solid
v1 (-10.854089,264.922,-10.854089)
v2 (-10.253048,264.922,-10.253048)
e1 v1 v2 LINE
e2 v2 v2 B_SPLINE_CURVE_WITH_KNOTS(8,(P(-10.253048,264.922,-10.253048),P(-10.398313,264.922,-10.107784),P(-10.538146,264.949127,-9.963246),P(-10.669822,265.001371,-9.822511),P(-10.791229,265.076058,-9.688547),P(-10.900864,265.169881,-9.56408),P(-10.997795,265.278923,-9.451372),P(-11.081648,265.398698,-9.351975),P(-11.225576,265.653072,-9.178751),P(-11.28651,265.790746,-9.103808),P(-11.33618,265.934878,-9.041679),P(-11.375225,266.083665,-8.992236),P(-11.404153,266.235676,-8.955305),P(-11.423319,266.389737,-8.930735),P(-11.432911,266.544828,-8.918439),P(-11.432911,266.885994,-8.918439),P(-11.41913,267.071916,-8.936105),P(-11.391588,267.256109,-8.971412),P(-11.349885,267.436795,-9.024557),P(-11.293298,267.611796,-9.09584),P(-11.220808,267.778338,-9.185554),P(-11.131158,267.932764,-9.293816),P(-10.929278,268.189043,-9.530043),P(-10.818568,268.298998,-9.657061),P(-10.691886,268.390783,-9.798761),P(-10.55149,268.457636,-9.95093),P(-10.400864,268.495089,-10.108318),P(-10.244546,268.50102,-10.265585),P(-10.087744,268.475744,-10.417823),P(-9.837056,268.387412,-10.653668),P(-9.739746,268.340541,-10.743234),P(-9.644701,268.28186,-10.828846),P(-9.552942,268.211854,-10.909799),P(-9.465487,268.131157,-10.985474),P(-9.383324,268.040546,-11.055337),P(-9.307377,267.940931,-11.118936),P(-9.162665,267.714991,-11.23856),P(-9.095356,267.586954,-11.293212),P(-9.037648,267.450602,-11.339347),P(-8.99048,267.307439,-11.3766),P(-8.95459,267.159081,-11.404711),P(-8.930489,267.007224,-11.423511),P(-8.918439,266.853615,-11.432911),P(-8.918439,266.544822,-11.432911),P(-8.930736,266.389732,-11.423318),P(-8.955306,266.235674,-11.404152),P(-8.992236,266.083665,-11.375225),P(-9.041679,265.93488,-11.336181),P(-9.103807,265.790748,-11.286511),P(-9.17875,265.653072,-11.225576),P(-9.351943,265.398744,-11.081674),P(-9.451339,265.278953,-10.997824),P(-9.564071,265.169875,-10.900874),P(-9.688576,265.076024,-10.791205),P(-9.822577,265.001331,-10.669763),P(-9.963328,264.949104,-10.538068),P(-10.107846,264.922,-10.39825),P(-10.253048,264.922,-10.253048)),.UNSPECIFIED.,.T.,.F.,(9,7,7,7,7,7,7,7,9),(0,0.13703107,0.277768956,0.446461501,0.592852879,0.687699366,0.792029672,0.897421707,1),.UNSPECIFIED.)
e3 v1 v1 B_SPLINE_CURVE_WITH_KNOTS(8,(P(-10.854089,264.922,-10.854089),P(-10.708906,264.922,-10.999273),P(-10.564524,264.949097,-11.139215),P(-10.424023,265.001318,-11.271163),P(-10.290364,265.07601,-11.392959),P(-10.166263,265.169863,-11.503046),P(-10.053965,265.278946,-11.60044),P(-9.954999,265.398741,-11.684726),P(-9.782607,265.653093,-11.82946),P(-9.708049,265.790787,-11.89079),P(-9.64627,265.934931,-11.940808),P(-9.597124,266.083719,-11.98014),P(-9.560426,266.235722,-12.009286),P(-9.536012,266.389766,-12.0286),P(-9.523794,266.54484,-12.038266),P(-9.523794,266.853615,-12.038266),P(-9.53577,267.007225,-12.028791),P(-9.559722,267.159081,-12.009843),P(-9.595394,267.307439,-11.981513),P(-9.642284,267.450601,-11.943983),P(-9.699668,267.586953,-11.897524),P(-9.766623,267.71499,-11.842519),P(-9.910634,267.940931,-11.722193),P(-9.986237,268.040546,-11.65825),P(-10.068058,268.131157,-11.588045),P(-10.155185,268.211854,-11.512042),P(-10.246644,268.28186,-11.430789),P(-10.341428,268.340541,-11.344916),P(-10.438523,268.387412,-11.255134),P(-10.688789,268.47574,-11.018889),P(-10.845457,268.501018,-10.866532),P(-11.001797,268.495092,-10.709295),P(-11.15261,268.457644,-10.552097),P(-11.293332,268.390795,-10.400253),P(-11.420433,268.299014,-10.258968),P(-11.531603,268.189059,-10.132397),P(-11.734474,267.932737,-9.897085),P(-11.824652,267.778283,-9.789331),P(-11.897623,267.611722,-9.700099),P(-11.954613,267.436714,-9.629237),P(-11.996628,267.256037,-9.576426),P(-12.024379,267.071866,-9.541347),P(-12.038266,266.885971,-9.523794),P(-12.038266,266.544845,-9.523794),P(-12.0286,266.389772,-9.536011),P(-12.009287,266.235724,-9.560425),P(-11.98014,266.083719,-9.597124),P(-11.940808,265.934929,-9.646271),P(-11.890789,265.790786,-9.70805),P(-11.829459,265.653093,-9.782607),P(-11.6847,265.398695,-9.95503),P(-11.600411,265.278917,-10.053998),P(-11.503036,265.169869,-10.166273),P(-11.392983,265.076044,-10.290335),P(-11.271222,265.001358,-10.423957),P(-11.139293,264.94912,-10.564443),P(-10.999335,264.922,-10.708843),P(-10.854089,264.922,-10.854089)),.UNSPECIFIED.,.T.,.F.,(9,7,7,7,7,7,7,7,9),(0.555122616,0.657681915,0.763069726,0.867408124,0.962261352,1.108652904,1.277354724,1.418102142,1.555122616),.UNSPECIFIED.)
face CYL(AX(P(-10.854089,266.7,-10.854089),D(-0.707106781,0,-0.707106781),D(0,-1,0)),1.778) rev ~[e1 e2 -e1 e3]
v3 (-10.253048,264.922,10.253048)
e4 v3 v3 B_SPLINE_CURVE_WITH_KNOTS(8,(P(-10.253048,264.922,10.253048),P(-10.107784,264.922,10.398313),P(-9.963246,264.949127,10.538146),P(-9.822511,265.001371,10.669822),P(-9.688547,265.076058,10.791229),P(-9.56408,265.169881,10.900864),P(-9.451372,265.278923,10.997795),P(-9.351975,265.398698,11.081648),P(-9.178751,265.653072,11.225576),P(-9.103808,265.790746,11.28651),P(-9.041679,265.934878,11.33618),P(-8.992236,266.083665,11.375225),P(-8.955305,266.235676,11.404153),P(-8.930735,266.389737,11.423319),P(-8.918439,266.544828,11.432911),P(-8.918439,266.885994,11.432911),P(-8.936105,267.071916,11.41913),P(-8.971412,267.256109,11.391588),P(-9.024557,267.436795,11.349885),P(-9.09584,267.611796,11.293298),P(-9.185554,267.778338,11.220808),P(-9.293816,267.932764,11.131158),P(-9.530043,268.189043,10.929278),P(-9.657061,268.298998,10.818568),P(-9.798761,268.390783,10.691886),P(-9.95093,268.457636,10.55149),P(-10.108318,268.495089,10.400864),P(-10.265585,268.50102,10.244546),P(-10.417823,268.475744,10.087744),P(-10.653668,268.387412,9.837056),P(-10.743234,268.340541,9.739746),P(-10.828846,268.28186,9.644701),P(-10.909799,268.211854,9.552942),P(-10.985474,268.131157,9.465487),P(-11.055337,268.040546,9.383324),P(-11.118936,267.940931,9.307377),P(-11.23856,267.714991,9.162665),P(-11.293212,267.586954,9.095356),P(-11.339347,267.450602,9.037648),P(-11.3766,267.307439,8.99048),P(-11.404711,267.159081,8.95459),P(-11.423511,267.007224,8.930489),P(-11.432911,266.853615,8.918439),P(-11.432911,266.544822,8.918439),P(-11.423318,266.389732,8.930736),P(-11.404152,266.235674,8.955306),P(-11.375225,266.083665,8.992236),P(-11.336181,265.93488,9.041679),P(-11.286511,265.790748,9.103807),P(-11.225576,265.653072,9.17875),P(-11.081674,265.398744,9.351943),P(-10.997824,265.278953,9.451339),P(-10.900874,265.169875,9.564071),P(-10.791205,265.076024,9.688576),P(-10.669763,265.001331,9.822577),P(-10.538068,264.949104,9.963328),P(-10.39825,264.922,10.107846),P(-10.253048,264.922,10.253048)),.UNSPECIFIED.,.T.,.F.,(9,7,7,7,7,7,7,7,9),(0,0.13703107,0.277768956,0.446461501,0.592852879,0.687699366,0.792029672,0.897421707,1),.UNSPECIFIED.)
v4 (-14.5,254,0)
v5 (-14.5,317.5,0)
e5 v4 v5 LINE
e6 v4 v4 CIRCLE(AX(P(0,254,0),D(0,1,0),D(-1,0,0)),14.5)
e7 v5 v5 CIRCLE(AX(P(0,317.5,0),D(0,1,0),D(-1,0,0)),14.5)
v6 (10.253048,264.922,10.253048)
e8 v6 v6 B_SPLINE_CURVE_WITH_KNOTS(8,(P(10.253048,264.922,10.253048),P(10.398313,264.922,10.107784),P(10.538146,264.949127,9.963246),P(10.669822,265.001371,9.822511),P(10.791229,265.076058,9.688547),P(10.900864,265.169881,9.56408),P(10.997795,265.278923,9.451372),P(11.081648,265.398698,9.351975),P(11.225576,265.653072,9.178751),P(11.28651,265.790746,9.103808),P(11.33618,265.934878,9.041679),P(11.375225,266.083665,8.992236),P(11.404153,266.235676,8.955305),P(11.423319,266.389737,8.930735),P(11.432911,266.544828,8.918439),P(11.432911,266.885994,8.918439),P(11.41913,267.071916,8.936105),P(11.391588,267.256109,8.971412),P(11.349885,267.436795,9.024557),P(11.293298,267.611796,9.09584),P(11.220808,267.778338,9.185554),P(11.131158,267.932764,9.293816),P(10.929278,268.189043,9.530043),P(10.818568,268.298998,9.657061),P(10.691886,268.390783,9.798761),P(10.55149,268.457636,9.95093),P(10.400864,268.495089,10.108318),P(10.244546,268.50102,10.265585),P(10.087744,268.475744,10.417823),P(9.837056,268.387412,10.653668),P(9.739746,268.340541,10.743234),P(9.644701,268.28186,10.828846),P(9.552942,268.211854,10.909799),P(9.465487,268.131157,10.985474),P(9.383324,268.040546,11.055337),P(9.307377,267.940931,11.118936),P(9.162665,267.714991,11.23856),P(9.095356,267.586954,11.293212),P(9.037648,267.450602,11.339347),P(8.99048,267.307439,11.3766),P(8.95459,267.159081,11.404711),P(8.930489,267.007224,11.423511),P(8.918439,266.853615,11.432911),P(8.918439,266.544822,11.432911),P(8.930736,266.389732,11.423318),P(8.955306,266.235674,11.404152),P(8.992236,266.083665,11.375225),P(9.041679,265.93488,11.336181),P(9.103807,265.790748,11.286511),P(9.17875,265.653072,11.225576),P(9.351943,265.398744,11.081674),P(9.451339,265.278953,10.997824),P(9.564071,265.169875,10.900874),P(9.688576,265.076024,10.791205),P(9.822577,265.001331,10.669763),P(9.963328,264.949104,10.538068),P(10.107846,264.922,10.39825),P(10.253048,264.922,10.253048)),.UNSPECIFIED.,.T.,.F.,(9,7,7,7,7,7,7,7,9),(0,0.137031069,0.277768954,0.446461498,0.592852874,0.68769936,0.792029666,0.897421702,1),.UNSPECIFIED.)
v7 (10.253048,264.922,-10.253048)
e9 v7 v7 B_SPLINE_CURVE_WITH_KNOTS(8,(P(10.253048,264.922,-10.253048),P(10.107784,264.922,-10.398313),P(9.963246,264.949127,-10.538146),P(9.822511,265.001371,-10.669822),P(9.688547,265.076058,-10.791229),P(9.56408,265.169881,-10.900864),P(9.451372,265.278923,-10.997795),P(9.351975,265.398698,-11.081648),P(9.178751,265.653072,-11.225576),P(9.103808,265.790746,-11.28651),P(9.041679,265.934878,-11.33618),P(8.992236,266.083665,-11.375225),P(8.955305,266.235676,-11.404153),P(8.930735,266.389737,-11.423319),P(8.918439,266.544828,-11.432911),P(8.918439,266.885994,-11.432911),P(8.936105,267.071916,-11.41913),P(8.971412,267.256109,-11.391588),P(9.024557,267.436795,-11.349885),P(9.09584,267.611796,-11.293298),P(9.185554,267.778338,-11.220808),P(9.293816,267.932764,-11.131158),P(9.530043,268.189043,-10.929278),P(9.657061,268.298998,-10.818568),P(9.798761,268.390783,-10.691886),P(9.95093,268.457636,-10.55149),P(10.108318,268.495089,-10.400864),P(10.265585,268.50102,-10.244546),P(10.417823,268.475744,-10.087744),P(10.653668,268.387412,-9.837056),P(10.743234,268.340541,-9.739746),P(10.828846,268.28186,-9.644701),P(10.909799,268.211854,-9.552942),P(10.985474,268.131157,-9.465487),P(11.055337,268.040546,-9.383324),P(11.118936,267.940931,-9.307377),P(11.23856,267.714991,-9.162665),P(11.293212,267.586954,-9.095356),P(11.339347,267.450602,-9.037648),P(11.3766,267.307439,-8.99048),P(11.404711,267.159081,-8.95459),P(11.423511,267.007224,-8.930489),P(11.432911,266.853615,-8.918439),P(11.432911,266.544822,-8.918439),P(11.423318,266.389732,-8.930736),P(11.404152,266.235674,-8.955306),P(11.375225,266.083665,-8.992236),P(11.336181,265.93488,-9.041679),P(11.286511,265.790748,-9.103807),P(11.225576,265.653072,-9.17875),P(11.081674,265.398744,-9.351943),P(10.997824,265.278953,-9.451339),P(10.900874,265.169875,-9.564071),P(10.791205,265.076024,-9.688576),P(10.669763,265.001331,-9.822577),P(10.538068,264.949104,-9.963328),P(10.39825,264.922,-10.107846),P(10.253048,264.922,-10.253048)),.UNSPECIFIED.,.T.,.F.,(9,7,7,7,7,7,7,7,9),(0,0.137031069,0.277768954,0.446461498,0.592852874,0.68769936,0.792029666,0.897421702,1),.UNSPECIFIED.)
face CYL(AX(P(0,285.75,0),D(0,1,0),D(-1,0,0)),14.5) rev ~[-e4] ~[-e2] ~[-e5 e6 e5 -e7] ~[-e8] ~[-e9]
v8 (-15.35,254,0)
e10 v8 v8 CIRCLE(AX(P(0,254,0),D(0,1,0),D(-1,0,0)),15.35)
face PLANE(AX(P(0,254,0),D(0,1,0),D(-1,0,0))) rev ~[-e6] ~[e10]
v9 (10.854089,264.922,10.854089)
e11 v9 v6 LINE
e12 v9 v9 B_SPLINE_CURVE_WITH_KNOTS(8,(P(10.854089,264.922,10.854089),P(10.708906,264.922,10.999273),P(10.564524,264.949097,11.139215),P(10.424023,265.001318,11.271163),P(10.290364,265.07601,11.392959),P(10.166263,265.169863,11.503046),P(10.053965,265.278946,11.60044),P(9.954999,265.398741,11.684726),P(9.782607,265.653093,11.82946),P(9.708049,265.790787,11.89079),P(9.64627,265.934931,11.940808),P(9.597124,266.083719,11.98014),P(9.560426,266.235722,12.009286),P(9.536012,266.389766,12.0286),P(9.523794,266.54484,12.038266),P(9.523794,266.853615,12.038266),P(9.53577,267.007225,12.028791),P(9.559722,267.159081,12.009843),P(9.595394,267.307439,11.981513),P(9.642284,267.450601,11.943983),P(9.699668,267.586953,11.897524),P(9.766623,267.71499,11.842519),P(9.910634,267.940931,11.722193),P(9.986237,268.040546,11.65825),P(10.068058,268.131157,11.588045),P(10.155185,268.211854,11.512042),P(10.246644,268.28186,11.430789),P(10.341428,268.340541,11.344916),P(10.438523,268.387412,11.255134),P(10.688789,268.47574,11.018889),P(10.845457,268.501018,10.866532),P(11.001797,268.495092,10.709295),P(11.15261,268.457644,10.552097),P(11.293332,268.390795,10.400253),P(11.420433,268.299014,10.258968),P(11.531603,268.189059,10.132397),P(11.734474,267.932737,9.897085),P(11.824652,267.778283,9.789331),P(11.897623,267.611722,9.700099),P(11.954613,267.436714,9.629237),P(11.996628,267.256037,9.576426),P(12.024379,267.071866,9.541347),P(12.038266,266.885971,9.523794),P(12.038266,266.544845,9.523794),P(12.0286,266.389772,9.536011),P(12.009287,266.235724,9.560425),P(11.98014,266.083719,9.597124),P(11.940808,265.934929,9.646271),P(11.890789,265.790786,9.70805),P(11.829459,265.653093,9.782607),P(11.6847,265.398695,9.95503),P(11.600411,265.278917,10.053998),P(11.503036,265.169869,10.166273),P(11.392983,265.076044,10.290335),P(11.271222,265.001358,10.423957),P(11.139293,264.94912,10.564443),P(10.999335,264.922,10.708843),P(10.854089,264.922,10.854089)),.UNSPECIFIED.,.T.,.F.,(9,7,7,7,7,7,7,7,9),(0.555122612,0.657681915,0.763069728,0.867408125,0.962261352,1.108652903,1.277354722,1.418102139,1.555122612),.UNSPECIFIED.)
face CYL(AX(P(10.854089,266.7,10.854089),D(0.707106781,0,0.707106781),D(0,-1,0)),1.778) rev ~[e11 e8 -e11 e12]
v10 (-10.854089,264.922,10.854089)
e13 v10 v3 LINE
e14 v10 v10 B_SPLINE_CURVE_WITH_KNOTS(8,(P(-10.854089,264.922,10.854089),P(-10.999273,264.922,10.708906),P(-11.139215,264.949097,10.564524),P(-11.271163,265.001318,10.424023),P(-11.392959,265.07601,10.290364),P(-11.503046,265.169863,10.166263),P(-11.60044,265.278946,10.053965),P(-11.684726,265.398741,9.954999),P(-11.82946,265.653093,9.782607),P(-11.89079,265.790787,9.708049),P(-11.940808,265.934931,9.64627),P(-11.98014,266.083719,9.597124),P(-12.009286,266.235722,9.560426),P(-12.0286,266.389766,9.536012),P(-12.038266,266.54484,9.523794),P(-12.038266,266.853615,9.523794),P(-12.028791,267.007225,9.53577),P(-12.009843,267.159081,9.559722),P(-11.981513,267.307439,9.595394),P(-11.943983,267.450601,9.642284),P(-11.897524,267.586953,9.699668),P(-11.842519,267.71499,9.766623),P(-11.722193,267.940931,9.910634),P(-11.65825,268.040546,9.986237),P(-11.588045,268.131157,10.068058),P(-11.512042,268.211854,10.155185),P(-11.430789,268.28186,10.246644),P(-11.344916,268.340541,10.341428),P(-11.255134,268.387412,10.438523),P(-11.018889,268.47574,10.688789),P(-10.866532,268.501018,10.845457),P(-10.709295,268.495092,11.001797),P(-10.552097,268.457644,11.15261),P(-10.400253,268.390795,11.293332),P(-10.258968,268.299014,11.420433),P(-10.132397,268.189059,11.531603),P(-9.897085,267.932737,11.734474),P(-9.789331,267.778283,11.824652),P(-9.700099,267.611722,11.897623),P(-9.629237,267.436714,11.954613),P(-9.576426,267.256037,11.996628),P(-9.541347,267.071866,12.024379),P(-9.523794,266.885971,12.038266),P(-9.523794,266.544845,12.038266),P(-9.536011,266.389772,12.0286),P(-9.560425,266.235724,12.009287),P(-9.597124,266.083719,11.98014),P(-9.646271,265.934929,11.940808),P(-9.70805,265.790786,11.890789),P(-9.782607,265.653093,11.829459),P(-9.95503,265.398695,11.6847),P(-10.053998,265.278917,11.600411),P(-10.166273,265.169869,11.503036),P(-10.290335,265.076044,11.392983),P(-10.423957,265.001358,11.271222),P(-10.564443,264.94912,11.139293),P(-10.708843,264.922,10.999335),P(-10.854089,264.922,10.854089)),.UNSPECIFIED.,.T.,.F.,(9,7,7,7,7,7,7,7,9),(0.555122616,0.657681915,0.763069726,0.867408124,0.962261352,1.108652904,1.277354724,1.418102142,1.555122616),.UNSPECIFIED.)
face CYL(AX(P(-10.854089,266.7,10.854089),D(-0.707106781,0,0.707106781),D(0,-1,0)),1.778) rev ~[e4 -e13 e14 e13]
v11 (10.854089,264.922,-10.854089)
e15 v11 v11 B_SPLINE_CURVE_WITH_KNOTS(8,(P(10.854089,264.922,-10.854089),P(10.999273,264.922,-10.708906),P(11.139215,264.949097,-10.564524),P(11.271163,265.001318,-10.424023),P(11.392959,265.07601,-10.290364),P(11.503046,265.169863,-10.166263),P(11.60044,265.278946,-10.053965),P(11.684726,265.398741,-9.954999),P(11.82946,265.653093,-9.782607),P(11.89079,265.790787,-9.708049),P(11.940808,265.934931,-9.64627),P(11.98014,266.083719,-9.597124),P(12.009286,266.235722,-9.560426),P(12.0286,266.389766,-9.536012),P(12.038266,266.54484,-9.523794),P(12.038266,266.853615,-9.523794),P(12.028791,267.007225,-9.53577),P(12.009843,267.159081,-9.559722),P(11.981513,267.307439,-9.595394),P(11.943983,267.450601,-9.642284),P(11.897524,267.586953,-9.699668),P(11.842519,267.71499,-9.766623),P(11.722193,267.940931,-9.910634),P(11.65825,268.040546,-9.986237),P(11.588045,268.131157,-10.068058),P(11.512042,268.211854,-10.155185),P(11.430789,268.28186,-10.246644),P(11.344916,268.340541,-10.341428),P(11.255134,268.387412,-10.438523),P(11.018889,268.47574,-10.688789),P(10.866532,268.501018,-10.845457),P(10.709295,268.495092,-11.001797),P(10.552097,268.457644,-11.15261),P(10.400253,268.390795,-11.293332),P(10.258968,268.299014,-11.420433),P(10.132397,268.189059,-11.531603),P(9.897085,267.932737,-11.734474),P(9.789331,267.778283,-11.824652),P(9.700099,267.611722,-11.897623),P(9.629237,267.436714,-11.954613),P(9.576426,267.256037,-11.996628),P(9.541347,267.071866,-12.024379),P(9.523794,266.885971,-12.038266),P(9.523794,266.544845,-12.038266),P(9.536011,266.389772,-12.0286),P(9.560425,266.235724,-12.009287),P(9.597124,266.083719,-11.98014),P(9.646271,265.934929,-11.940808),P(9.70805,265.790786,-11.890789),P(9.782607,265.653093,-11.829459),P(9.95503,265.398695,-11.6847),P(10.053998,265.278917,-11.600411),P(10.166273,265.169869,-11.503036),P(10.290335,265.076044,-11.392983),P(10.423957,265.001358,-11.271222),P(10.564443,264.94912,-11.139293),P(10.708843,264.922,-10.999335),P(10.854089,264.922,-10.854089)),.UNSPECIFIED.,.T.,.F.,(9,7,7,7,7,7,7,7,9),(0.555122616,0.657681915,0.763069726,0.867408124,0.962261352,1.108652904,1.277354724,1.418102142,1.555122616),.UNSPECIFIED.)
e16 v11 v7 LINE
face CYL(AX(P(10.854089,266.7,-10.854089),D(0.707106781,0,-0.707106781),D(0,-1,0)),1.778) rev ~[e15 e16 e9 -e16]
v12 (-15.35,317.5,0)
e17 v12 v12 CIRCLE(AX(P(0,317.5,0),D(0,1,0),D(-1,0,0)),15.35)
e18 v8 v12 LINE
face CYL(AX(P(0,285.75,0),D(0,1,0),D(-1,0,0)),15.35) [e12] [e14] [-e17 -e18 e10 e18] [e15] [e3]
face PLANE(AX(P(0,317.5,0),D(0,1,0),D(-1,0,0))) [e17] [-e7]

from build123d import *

# Parameters (mm, degrees)
SKETCH1_W          = 0.85
SKETCH1_H          = 63.5
SKETCH2_R          = 1.778
CUT_EXTRUDE1_DEPTH = 2.54
CIRPATTERN1_COUNT  = 4


with BuildPart() as part:
    # Sketch1 → Revolve1 (revolve)
    with BuildSketch(Plane.XY):
        with Locations((-14.925, 285.75)):
            Rectangle(SKETCH1_W, SKETCH1_H)
    revolve(axis=Axis((0, 0, 0), (0, 1, 0)))

    # Sketch2 → Cut-Extrude1 (cut)
    with BuildSketch(Plane(origin=(-10.854089091, 0, 10.854089091), x_dir=(0, -1, 0), z_dir=(-0.707106781, 0, 0.707106781))):
        with Locations((-266.7, 0)):
            Circle(SKETCH2_R)
    cut_extrude1 = extrude(amount=-CUT_EXTRUDE1_DEPTH, mode=Mode.SUBTRACT)

    # CirPattern1: Cut-Extrude1 ×4 about axis
    cirpattern1_axis = Axis((0, 317.5, 0), (0, -1, 0))
    for i in range(1, CIRPATTERN1_COUNT):
        add(cut_extrude1.rotate(cirpattern1_axis, i * 360 / CIRPATTERN1_COUNT), mode=Mode.SUBTRACT)


solid = part.part
